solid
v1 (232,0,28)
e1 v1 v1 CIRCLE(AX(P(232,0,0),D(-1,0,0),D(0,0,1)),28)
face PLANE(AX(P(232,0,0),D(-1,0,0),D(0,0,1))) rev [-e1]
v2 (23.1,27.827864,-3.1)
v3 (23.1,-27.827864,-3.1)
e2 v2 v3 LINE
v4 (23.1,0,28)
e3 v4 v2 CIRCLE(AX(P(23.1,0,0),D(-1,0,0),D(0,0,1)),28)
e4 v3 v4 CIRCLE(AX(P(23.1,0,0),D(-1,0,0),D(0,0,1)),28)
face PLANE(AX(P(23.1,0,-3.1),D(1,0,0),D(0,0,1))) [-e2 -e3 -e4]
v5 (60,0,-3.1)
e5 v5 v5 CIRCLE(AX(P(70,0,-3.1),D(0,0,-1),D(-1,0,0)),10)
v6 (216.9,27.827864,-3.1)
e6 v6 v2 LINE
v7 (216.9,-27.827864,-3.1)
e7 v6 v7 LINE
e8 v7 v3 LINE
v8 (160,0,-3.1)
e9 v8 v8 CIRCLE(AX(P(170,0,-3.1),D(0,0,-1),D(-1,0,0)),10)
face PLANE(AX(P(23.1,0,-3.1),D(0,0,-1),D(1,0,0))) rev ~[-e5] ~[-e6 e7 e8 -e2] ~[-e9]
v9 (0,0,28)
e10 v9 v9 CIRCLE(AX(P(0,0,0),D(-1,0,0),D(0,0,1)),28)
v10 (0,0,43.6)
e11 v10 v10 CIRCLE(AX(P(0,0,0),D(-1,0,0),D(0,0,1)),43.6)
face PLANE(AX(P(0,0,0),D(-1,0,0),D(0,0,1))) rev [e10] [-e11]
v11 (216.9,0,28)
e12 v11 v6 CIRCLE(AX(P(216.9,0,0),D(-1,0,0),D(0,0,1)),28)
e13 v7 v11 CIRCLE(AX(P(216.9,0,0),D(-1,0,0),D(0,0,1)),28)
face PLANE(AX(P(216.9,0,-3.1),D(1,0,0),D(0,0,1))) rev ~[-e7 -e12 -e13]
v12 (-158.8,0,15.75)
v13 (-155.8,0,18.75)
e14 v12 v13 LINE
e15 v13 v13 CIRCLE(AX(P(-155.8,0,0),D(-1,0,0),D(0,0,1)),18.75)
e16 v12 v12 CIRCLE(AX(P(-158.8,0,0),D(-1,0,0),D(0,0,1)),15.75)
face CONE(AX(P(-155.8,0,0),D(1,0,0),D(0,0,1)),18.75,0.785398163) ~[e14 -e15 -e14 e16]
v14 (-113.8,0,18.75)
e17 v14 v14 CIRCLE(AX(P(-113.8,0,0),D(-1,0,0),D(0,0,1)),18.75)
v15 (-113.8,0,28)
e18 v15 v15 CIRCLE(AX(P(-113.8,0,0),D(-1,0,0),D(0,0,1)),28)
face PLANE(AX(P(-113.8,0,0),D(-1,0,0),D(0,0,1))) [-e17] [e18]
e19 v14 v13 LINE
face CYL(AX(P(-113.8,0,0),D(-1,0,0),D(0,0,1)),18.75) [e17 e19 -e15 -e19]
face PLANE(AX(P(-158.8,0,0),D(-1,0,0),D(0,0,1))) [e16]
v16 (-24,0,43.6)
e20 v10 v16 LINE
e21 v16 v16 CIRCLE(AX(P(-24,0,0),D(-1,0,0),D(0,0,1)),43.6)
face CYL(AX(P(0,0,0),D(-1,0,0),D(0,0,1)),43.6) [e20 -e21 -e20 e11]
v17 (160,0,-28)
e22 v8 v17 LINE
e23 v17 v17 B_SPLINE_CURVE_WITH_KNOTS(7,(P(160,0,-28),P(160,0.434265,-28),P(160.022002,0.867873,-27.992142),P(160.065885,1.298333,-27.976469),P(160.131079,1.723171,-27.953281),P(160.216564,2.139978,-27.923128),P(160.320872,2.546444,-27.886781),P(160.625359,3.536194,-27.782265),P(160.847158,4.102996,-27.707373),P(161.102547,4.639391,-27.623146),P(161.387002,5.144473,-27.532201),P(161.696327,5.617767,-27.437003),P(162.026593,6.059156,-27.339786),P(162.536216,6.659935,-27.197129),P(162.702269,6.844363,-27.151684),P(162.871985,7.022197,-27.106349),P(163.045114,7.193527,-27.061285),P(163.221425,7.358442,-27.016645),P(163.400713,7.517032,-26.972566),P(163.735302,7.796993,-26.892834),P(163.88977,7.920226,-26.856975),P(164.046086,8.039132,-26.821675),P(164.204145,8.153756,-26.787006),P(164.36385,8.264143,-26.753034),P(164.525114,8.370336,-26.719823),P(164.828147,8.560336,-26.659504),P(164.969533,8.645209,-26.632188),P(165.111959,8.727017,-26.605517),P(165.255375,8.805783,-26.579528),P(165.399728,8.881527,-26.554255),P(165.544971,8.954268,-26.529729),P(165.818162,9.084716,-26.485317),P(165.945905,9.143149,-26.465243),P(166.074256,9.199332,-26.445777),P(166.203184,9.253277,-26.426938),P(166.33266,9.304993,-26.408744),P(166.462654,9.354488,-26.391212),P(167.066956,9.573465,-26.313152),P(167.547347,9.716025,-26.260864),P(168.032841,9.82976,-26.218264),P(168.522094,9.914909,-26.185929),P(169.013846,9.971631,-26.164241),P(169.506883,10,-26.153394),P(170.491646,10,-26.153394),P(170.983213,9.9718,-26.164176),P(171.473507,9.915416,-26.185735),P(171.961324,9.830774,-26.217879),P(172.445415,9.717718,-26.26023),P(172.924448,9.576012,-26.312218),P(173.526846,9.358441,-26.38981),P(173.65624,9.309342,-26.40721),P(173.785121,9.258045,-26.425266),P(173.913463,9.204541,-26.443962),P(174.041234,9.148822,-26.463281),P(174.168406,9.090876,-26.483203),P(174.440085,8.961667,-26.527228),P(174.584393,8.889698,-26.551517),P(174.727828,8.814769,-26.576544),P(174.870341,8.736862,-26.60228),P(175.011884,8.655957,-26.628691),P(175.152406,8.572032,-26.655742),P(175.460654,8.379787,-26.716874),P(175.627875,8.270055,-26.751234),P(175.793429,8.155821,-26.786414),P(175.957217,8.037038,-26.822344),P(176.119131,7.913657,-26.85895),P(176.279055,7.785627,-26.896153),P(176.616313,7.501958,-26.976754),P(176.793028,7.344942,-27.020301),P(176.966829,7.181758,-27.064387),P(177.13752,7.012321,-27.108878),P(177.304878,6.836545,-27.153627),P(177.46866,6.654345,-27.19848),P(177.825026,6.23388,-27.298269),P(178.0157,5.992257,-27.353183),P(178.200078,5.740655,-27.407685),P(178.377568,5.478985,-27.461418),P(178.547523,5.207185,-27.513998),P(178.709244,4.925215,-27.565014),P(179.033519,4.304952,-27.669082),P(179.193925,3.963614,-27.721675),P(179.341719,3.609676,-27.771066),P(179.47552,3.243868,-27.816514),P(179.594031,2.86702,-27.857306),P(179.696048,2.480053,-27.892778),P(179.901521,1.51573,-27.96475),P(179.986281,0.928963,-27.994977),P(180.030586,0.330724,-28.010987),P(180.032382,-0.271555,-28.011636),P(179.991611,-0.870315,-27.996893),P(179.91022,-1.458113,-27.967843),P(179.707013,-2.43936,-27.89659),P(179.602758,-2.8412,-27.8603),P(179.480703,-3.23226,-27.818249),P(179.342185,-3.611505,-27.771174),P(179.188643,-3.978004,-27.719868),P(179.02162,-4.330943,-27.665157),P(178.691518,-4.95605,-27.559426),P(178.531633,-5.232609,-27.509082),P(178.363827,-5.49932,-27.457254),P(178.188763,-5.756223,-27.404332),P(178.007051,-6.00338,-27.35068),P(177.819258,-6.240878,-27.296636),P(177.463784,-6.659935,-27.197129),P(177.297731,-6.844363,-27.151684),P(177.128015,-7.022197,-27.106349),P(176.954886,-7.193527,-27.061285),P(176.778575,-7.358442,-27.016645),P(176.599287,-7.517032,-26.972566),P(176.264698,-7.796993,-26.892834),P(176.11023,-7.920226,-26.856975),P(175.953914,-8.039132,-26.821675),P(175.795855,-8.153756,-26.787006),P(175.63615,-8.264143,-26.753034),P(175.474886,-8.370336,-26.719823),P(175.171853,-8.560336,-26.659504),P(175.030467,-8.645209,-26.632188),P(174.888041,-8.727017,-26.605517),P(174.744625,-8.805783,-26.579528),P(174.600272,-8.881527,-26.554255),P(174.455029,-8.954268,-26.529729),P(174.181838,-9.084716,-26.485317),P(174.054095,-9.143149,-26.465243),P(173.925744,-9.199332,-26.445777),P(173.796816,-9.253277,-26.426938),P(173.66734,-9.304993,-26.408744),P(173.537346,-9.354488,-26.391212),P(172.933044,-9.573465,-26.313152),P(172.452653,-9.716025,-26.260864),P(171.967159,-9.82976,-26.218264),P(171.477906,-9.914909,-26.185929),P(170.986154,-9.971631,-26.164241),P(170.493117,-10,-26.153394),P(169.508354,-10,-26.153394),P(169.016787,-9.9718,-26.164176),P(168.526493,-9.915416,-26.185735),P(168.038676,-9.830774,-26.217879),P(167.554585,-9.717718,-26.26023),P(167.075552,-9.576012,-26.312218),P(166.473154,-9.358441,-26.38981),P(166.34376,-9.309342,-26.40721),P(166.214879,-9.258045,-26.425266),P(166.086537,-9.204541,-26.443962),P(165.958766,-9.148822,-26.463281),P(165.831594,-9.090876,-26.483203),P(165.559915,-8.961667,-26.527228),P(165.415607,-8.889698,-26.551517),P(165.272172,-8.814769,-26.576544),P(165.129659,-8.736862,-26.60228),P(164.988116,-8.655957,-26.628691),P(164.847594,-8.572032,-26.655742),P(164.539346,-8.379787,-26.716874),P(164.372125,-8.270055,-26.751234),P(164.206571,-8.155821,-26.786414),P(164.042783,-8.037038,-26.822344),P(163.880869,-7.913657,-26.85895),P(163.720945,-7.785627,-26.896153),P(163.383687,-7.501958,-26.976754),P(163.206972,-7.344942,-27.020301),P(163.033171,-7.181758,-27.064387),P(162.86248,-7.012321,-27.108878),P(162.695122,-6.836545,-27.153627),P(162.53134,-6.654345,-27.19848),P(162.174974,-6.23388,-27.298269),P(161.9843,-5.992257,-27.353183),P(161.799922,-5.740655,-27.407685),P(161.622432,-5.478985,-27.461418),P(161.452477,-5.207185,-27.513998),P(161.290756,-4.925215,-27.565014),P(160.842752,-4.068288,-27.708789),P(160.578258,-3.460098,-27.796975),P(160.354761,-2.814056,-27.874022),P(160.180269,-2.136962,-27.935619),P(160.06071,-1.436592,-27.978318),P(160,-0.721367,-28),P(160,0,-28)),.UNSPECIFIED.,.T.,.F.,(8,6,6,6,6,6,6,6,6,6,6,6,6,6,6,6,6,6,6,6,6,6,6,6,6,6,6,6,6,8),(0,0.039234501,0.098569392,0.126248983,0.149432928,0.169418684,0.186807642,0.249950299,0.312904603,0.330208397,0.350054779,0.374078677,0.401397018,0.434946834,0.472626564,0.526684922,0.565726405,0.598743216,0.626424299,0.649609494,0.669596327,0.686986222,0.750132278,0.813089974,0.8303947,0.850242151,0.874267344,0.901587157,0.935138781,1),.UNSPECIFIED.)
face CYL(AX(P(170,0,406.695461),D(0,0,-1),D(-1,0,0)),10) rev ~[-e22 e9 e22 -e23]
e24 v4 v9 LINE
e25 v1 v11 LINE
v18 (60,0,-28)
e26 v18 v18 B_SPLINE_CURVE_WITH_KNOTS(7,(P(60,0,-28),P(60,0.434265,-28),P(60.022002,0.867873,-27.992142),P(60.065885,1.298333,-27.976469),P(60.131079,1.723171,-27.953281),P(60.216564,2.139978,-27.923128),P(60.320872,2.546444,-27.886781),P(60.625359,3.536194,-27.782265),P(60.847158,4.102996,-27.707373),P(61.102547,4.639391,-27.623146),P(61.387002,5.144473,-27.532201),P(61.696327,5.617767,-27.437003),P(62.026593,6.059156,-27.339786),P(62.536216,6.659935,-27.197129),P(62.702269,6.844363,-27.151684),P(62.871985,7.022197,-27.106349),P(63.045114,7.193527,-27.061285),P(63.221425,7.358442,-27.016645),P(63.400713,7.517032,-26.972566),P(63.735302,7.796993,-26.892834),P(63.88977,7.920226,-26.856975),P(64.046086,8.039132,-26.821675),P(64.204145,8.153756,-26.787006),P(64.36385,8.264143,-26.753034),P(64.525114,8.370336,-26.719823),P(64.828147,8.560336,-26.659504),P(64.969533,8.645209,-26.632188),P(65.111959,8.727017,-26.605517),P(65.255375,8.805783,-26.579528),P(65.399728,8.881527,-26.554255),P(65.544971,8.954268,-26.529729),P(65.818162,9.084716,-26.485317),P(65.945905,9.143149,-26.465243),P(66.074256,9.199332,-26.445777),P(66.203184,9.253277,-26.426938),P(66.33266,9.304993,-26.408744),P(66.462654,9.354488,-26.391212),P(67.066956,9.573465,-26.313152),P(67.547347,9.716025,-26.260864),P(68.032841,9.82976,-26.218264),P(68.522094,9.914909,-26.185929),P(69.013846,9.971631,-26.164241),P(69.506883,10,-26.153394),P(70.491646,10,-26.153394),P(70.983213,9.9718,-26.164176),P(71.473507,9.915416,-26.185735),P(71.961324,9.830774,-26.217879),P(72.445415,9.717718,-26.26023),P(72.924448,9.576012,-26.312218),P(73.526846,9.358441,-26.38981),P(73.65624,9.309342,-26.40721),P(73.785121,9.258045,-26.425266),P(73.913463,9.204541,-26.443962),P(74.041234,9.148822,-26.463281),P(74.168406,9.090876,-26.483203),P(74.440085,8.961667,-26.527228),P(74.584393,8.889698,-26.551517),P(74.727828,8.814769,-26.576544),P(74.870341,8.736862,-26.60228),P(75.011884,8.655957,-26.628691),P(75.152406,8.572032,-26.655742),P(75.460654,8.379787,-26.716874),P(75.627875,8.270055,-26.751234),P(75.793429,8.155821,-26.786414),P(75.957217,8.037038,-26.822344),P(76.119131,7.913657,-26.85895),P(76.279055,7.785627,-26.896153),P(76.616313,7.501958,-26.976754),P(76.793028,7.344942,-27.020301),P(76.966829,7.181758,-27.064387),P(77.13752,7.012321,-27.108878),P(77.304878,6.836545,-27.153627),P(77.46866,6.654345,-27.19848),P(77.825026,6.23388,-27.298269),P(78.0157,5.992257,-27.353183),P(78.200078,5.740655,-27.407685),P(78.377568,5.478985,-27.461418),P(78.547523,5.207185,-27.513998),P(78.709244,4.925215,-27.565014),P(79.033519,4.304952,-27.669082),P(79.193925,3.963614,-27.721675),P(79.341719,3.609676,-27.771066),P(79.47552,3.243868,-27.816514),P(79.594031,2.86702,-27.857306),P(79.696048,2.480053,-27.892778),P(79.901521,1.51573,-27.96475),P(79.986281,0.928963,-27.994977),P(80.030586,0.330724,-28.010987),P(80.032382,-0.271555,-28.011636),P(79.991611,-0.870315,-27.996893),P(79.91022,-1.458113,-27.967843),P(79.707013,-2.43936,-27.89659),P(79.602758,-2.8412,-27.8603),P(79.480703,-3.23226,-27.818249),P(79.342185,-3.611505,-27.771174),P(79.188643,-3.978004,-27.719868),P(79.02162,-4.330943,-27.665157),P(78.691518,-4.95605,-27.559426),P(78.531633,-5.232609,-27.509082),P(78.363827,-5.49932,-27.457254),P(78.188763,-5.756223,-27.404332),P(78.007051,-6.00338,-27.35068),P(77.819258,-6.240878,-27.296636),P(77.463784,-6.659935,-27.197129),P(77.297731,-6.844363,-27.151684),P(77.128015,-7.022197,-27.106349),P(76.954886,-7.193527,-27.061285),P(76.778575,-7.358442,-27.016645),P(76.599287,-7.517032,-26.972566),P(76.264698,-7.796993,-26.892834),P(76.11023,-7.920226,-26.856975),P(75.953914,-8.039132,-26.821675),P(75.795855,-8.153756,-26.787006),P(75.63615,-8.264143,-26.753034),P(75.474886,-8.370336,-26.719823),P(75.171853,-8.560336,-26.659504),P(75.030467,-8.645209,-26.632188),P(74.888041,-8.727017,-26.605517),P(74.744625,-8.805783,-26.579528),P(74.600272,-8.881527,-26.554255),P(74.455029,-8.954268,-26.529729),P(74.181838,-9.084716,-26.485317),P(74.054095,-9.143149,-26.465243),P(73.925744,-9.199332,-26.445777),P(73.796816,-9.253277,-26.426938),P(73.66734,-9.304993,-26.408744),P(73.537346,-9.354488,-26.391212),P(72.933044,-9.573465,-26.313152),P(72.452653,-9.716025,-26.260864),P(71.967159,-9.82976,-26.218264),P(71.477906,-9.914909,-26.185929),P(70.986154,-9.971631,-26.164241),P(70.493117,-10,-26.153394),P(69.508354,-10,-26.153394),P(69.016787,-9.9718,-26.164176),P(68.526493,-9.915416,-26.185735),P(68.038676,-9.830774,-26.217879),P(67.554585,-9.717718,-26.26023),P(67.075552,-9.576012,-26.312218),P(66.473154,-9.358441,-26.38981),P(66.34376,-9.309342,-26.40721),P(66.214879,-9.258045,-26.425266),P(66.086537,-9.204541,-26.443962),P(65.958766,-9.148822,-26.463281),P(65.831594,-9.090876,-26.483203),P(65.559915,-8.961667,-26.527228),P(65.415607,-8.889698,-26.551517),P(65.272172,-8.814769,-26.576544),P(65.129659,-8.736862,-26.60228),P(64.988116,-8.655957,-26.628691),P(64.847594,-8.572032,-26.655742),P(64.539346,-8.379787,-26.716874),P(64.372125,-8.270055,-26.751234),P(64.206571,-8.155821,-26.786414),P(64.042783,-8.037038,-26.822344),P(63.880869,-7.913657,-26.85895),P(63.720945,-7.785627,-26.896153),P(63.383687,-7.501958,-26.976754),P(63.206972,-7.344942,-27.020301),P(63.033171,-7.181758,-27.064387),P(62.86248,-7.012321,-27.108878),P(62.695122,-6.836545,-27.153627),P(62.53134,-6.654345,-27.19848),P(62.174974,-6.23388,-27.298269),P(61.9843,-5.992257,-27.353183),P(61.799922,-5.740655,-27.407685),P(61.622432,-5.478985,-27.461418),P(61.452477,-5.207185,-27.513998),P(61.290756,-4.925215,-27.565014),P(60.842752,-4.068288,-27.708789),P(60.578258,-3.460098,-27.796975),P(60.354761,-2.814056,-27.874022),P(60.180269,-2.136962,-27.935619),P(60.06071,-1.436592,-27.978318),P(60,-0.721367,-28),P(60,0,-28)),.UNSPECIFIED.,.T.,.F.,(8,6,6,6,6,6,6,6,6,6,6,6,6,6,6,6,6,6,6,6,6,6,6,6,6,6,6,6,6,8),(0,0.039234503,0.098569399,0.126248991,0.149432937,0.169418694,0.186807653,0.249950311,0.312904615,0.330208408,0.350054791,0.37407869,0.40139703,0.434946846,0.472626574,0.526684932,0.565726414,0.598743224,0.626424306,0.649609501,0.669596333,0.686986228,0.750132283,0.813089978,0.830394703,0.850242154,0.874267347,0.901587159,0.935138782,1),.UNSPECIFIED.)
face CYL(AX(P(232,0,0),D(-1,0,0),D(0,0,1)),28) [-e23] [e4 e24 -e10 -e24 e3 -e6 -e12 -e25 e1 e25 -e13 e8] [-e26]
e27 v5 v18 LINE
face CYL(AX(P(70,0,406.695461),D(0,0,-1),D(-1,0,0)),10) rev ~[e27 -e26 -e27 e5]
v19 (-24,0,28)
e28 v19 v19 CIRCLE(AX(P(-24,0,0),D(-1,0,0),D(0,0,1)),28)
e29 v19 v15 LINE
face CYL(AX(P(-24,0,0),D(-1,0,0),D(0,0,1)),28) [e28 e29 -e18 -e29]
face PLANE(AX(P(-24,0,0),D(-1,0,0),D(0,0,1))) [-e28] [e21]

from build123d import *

# Parameters (mm, degrees)
F2_W          = 193.8
F2_H          = 44.1753827035
F3_DEPTH      = 43.601
F3_DEPTH_BACK = 43.601
F5_D          = 20
F6_SIZE       = 3


with BuildPart() as f1:
    # F0 (on Front) → F1 (revolve)
    with BuildSketch(Plane.XZ):
        Polygon((-158.8, 18.75), (-158.8, 0), (232, 0), (232, 28), (0, 28), (0, 43.6), (-24, 43.6), (-24, 28), (-113.8, 28), (-113.8, 18.75), align=None)
    revolve(axis=Axis((36.6, 0, 0), (-1, 0, 0)))

    # F2 (on Front) → F3 (cut, two sides)
    with BuildSketch(Plane.XZ) as f3_sk:
        with Locations((120, 18.9876913518)):
            Rectangle(F2_W, F2_H)
    extrude(amount=-F3_DEPTH, mode=Mode.SUBTRACT)
    extrude(f3_sk.sketch, amount=F3_DEPTH_BACK, mode=Mode.SUBTRACT)

    # F5 (through all)
    with Locations(Plane.XY.offset(-3.1)):
        with Locations((70, 0), (170, 0)):
            Hole(F5_D / 2)

    # F6
    f6_edges = [f1.edges().sort_by_distance(p)[0] for p in [
        (-158.8, 0, -18.75),
    ]]
    chamfer(f6_edges, length=F6_SIZE)


solid = f1.part
